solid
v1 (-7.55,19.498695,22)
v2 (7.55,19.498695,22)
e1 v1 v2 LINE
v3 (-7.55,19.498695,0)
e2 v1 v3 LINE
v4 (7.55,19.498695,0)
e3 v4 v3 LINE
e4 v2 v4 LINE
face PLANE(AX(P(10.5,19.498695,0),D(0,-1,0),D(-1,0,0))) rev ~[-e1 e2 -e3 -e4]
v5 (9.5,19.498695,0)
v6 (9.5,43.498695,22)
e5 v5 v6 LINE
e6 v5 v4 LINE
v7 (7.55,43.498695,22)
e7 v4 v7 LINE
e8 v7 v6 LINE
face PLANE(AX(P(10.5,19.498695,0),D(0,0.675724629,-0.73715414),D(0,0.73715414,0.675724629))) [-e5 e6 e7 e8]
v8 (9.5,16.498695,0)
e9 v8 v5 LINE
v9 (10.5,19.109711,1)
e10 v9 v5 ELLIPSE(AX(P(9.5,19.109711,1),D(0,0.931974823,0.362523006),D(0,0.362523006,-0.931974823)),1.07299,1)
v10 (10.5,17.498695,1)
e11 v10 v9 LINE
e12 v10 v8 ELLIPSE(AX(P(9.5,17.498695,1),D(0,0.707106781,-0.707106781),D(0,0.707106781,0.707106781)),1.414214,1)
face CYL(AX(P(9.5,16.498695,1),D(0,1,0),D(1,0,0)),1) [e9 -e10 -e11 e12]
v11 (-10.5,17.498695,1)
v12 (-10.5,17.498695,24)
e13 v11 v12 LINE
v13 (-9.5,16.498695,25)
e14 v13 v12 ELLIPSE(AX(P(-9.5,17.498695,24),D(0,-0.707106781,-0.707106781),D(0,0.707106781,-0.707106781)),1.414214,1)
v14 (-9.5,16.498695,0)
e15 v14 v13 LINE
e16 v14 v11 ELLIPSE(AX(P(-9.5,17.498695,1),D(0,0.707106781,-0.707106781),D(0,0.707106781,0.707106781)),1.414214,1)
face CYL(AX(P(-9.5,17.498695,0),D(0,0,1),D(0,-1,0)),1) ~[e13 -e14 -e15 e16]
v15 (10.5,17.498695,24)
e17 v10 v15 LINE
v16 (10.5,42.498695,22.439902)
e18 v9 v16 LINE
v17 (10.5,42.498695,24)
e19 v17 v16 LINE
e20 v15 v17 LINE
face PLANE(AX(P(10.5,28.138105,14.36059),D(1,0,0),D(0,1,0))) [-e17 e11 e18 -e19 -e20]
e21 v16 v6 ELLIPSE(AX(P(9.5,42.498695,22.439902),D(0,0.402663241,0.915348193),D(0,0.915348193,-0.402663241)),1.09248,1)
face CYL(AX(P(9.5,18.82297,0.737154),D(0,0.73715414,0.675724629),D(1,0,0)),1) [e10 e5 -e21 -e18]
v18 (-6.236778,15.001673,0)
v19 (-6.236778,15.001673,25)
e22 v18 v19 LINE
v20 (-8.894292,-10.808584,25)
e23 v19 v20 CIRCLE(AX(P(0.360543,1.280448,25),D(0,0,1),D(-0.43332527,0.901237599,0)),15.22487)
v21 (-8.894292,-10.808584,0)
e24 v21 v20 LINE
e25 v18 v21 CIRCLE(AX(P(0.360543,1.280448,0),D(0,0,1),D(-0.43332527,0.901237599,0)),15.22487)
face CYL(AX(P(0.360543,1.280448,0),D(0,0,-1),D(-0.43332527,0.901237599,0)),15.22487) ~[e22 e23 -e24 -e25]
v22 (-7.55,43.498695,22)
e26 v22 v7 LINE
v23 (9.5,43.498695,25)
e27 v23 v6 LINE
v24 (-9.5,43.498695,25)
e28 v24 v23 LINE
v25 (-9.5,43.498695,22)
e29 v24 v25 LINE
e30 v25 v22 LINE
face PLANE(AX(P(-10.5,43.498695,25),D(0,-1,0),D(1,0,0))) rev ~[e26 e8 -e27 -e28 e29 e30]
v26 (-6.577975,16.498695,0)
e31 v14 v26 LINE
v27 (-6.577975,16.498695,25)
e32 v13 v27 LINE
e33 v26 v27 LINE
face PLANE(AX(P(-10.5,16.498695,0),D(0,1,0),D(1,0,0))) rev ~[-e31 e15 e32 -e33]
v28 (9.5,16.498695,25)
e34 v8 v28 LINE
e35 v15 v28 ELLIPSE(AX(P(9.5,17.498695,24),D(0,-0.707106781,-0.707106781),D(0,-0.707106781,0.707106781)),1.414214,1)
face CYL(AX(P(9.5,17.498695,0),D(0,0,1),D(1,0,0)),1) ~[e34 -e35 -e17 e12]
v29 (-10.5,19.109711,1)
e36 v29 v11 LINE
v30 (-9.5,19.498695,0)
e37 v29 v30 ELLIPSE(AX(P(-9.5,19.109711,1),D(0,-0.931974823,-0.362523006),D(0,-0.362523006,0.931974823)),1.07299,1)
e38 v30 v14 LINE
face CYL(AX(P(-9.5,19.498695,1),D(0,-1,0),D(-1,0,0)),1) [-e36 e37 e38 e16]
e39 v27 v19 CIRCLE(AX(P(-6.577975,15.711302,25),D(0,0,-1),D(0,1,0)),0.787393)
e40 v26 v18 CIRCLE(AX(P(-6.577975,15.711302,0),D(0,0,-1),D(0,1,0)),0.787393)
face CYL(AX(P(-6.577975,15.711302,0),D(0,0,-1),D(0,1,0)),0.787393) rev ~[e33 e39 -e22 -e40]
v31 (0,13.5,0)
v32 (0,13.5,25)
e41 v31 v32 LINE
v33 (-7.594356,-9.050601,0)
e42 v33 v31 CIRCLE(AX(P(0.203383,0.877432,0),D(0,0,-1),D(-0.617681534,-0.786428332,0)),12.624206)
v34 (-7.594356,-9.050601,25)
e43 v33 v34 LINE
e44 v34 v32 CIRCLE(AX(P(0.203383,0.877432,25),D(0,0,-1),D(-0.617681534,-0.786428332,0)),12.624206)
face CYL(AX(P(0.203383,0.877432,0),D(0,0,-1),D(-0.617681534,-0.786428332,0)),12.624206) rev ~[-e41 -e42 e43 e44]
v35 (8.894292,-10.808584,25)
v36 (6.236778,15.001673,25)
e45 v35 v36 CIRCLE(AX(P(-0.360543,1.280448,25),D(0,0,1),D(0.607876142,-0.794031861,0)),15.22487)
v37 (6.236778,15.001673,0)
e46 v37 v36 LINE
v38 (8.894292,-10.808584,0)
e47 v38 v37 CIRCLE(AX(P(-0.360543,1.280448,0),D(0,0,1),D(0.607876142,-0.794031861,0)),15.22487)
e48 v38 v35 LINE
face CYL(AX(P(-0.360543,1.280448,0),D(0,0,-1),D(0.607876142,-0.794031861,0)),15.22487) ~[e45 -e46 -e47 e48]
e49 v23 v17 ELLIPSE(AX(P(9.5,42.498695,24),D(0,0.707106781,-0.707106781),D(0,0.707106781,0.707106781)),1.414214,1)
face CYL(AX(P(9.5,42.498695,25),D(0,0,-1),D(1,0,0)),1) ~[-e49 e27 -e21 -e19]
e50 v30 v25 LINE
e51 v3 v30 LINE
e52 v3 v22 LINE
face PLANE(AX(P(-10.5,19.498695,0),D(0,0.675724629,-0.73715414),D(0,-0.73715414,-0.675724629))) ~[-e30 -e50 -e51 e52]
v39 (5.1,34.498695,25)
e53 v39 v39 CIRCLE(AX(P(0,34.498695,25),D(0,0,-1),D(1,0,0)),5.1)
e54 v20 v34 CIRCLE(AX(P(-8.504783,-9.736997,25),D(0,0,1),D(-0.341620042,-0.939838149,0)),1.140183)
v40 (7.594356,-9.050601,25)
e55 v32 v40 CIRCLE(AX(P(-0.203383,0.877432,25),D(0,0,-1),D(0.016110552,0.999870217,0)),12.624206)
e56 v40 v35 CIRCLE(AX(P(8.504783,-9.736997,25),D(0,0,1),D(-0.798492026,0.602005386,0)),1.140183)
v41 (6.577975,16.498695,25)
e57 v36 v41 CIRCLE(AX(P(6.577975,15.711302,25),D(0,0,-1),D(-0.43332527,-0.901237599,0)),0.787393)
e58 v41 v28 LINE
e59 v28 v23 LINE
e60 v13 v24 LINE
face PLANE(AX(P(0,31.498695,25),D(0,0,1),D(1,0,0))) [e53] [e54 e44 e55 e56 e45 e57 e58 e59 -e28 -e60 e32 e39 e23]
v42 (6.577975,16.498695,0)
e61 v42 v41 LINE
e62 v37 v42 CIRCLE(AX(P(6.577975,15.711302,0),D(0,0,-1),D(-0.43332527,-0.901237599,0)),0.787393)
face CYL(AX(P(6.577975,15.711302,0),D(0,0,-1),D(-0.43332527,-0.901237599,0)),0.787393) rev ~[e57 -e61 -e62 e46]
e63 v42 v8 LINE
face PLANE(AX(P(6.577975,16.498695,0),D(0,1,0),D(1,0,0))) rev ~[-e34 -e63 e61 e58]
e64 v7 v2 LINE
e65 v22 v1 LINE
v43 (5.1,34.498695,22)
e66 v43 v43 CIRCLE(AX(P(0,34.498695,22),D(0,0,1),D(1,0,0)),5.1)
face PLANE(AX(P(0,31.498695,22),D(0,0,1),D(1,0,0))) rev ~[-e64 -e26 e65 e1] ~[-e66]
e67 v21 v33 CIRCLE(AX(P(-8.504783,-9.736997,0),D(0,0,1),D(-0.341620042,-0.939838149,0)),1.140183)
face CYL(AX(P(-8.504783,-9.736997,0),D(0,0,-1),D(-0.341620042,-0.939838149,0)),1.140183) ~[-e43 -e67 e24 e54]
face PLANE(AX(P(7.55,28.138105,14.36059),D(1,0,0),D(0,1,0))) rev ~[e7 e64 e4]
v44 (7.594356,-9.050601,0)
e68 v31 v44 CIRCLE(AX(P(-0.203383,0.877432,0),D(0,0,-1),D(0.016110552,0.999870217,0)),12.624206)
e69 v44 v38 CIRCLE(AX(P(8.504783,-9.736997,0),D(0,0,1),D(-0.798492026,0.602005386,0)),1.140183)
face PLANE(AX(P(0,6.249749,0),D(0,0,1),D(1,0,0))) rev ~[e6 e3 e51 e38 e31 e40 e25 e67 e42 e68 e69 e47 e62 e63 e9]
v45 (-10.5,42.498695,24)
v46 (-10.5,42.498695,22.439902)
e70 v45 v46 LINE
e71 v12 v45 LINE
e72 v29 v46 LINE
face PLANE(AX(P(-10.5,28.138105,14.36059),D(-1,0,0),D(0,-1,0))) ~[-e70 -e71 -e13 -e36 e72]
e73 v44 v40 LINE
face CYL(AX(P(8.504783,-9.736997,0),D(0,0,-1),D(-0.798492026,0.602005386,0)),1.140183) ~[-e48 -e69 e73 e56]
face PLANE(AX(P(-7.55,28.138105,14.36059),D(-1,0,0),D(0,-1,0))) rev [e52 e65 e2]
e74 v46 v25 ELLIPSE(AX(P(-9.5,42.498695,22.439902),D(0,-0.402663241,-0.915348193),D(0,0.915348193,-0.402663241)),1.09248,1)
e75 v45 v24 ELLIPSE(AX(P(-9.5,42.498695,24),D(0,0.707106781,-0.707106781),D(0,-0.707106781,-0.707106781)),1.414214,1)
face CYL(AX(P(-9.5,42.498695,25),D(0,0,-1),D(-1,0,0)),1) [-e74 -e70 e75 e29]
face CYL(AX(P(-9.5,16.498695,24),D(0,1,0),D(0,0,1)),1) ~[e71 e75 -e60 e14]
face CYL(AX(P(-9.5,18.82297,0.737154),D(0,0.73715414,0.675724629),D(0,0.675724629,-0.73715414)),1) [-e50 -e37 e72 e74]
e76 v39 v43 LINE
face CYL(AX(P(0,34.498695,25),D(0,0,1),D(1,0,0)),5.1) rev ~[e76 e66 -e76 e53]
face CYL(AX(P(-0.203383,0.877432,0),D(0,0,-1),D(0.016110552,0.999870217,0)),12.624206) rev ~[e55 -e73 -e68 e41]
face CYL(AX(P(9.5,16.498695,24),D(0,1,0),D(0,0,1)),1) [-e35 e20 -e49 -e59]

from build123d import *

# Parameters (mm, degrees)
F1_DEPTH = 25
F2_W     = 21
F2_H     = 24
F2_R     = 5.1
F3_DEPTH = 3
F6_DEPTH = 2.95
F8_R     = 1


with BuildPart() as f1:
    # F0 (on Top) → F1 (new body)
    with BuildSketch(Plane.XY):
        with BuildLine():
            ThreePointArc((7.5943561158, -9.0506011845), (7.5880140669, -10.4148995325), (8.8942921325, -10.8085844568))
            ThreePointArc((8.8942921325, -10.8085844568), (14.7842599605, 2.839809495), (6.2367777531, 15.0016731019))
            ThreePointArc((6.2367777531, 15.0016731019), (5.8102691618, 15.8862752393), (6.5779752006, 16.4986949957))
            Line((6.5779752006, 16.4986949957), (10.5, 16.4986949957))
            Line((10.5, 16.4986949957), (10.5, 19.4986949957))
            Line((10.5, 19.4986949957), (-10.5, 19.4986949957))
            Line((-10.5, 19.4986949957), (-10.5, 16.4986949957))
            Line((-10.5, 16.4986949957), (-6.5779752006, 16.4986949957))
            ThreePointArc((-6.5779752006, 16.4986949957), (-5.8102691618, 15.8862752393), (-6.2367777531, 15.0016731019))
            ThreePointArc((-6.2367777531, 15.0016731019), (-14.7842599605, 2.839809495), (-8.8942921325, -10.8085844568))
            ThreePointArc((-8.8942921325, -10.8085844568), (-7.5880140669, -10.4148995325), (-7.5943561158, -9.0506011845))
            ThreePointArc((-7.5943561158, -9.0506011845), (-11.760600173, 4.9065375968), (0, 13.5))
            ThreePointArc((0, 13.5), (11.760600173, 4.9065375968), (7.5943561158, -9.0506011845))
        make_face()
    extrude(amount=F1_DEPTH)

    # F2 (on face) → F3 (join)
    with BuildSketch(Plane.XY.offset(25)):
        with Locations((0, 31.4986949957)):
            Rectangle(F2_W, F2_H)
        with Locations((0, 34.4986949957)):
            Circle(F2_R, mode=Mode.SUBTRACT)
    extrude(amount=-F3_DEPTH)

    # F4: union 

    # F5 (on face) → F6 (join)
    with BuildSketch(Plane.YZ.offset(10.5)):
        Polygon((19.4986949957, 22), (19.4986949957, 0), (43.4986949957, 22), align=None)
    extrude(amount=-F6_DEPTH)

    # F7: F1 across plane


with BuildPart() as f1_1:
    add(f1.part)
    add(f1.part.mirror(Plane.YZ))

    # F8
    f8_edges = [f1_1.edges().sort_by_distance(p)[0] for p in [
        (10.5, 17.998695, 0),
        (10.5, 16.498695, 12.5),
        (10.5, 29.998695, 25),
        (10.5, 43.498695, 23.5),
        (10.5, 31.498695, 11),
        (-10.5, 43.498695, 23.5),
        (-10.5, 29.998695, 25),
        (-10.5, 16.498695, 12.5),
        (-10.5, 17.998695, 0),
        (-10.5, 31.498695, 11),
    ]]
    fillet(f8_edges, radius=F8_R)


solid = f1_1.part
